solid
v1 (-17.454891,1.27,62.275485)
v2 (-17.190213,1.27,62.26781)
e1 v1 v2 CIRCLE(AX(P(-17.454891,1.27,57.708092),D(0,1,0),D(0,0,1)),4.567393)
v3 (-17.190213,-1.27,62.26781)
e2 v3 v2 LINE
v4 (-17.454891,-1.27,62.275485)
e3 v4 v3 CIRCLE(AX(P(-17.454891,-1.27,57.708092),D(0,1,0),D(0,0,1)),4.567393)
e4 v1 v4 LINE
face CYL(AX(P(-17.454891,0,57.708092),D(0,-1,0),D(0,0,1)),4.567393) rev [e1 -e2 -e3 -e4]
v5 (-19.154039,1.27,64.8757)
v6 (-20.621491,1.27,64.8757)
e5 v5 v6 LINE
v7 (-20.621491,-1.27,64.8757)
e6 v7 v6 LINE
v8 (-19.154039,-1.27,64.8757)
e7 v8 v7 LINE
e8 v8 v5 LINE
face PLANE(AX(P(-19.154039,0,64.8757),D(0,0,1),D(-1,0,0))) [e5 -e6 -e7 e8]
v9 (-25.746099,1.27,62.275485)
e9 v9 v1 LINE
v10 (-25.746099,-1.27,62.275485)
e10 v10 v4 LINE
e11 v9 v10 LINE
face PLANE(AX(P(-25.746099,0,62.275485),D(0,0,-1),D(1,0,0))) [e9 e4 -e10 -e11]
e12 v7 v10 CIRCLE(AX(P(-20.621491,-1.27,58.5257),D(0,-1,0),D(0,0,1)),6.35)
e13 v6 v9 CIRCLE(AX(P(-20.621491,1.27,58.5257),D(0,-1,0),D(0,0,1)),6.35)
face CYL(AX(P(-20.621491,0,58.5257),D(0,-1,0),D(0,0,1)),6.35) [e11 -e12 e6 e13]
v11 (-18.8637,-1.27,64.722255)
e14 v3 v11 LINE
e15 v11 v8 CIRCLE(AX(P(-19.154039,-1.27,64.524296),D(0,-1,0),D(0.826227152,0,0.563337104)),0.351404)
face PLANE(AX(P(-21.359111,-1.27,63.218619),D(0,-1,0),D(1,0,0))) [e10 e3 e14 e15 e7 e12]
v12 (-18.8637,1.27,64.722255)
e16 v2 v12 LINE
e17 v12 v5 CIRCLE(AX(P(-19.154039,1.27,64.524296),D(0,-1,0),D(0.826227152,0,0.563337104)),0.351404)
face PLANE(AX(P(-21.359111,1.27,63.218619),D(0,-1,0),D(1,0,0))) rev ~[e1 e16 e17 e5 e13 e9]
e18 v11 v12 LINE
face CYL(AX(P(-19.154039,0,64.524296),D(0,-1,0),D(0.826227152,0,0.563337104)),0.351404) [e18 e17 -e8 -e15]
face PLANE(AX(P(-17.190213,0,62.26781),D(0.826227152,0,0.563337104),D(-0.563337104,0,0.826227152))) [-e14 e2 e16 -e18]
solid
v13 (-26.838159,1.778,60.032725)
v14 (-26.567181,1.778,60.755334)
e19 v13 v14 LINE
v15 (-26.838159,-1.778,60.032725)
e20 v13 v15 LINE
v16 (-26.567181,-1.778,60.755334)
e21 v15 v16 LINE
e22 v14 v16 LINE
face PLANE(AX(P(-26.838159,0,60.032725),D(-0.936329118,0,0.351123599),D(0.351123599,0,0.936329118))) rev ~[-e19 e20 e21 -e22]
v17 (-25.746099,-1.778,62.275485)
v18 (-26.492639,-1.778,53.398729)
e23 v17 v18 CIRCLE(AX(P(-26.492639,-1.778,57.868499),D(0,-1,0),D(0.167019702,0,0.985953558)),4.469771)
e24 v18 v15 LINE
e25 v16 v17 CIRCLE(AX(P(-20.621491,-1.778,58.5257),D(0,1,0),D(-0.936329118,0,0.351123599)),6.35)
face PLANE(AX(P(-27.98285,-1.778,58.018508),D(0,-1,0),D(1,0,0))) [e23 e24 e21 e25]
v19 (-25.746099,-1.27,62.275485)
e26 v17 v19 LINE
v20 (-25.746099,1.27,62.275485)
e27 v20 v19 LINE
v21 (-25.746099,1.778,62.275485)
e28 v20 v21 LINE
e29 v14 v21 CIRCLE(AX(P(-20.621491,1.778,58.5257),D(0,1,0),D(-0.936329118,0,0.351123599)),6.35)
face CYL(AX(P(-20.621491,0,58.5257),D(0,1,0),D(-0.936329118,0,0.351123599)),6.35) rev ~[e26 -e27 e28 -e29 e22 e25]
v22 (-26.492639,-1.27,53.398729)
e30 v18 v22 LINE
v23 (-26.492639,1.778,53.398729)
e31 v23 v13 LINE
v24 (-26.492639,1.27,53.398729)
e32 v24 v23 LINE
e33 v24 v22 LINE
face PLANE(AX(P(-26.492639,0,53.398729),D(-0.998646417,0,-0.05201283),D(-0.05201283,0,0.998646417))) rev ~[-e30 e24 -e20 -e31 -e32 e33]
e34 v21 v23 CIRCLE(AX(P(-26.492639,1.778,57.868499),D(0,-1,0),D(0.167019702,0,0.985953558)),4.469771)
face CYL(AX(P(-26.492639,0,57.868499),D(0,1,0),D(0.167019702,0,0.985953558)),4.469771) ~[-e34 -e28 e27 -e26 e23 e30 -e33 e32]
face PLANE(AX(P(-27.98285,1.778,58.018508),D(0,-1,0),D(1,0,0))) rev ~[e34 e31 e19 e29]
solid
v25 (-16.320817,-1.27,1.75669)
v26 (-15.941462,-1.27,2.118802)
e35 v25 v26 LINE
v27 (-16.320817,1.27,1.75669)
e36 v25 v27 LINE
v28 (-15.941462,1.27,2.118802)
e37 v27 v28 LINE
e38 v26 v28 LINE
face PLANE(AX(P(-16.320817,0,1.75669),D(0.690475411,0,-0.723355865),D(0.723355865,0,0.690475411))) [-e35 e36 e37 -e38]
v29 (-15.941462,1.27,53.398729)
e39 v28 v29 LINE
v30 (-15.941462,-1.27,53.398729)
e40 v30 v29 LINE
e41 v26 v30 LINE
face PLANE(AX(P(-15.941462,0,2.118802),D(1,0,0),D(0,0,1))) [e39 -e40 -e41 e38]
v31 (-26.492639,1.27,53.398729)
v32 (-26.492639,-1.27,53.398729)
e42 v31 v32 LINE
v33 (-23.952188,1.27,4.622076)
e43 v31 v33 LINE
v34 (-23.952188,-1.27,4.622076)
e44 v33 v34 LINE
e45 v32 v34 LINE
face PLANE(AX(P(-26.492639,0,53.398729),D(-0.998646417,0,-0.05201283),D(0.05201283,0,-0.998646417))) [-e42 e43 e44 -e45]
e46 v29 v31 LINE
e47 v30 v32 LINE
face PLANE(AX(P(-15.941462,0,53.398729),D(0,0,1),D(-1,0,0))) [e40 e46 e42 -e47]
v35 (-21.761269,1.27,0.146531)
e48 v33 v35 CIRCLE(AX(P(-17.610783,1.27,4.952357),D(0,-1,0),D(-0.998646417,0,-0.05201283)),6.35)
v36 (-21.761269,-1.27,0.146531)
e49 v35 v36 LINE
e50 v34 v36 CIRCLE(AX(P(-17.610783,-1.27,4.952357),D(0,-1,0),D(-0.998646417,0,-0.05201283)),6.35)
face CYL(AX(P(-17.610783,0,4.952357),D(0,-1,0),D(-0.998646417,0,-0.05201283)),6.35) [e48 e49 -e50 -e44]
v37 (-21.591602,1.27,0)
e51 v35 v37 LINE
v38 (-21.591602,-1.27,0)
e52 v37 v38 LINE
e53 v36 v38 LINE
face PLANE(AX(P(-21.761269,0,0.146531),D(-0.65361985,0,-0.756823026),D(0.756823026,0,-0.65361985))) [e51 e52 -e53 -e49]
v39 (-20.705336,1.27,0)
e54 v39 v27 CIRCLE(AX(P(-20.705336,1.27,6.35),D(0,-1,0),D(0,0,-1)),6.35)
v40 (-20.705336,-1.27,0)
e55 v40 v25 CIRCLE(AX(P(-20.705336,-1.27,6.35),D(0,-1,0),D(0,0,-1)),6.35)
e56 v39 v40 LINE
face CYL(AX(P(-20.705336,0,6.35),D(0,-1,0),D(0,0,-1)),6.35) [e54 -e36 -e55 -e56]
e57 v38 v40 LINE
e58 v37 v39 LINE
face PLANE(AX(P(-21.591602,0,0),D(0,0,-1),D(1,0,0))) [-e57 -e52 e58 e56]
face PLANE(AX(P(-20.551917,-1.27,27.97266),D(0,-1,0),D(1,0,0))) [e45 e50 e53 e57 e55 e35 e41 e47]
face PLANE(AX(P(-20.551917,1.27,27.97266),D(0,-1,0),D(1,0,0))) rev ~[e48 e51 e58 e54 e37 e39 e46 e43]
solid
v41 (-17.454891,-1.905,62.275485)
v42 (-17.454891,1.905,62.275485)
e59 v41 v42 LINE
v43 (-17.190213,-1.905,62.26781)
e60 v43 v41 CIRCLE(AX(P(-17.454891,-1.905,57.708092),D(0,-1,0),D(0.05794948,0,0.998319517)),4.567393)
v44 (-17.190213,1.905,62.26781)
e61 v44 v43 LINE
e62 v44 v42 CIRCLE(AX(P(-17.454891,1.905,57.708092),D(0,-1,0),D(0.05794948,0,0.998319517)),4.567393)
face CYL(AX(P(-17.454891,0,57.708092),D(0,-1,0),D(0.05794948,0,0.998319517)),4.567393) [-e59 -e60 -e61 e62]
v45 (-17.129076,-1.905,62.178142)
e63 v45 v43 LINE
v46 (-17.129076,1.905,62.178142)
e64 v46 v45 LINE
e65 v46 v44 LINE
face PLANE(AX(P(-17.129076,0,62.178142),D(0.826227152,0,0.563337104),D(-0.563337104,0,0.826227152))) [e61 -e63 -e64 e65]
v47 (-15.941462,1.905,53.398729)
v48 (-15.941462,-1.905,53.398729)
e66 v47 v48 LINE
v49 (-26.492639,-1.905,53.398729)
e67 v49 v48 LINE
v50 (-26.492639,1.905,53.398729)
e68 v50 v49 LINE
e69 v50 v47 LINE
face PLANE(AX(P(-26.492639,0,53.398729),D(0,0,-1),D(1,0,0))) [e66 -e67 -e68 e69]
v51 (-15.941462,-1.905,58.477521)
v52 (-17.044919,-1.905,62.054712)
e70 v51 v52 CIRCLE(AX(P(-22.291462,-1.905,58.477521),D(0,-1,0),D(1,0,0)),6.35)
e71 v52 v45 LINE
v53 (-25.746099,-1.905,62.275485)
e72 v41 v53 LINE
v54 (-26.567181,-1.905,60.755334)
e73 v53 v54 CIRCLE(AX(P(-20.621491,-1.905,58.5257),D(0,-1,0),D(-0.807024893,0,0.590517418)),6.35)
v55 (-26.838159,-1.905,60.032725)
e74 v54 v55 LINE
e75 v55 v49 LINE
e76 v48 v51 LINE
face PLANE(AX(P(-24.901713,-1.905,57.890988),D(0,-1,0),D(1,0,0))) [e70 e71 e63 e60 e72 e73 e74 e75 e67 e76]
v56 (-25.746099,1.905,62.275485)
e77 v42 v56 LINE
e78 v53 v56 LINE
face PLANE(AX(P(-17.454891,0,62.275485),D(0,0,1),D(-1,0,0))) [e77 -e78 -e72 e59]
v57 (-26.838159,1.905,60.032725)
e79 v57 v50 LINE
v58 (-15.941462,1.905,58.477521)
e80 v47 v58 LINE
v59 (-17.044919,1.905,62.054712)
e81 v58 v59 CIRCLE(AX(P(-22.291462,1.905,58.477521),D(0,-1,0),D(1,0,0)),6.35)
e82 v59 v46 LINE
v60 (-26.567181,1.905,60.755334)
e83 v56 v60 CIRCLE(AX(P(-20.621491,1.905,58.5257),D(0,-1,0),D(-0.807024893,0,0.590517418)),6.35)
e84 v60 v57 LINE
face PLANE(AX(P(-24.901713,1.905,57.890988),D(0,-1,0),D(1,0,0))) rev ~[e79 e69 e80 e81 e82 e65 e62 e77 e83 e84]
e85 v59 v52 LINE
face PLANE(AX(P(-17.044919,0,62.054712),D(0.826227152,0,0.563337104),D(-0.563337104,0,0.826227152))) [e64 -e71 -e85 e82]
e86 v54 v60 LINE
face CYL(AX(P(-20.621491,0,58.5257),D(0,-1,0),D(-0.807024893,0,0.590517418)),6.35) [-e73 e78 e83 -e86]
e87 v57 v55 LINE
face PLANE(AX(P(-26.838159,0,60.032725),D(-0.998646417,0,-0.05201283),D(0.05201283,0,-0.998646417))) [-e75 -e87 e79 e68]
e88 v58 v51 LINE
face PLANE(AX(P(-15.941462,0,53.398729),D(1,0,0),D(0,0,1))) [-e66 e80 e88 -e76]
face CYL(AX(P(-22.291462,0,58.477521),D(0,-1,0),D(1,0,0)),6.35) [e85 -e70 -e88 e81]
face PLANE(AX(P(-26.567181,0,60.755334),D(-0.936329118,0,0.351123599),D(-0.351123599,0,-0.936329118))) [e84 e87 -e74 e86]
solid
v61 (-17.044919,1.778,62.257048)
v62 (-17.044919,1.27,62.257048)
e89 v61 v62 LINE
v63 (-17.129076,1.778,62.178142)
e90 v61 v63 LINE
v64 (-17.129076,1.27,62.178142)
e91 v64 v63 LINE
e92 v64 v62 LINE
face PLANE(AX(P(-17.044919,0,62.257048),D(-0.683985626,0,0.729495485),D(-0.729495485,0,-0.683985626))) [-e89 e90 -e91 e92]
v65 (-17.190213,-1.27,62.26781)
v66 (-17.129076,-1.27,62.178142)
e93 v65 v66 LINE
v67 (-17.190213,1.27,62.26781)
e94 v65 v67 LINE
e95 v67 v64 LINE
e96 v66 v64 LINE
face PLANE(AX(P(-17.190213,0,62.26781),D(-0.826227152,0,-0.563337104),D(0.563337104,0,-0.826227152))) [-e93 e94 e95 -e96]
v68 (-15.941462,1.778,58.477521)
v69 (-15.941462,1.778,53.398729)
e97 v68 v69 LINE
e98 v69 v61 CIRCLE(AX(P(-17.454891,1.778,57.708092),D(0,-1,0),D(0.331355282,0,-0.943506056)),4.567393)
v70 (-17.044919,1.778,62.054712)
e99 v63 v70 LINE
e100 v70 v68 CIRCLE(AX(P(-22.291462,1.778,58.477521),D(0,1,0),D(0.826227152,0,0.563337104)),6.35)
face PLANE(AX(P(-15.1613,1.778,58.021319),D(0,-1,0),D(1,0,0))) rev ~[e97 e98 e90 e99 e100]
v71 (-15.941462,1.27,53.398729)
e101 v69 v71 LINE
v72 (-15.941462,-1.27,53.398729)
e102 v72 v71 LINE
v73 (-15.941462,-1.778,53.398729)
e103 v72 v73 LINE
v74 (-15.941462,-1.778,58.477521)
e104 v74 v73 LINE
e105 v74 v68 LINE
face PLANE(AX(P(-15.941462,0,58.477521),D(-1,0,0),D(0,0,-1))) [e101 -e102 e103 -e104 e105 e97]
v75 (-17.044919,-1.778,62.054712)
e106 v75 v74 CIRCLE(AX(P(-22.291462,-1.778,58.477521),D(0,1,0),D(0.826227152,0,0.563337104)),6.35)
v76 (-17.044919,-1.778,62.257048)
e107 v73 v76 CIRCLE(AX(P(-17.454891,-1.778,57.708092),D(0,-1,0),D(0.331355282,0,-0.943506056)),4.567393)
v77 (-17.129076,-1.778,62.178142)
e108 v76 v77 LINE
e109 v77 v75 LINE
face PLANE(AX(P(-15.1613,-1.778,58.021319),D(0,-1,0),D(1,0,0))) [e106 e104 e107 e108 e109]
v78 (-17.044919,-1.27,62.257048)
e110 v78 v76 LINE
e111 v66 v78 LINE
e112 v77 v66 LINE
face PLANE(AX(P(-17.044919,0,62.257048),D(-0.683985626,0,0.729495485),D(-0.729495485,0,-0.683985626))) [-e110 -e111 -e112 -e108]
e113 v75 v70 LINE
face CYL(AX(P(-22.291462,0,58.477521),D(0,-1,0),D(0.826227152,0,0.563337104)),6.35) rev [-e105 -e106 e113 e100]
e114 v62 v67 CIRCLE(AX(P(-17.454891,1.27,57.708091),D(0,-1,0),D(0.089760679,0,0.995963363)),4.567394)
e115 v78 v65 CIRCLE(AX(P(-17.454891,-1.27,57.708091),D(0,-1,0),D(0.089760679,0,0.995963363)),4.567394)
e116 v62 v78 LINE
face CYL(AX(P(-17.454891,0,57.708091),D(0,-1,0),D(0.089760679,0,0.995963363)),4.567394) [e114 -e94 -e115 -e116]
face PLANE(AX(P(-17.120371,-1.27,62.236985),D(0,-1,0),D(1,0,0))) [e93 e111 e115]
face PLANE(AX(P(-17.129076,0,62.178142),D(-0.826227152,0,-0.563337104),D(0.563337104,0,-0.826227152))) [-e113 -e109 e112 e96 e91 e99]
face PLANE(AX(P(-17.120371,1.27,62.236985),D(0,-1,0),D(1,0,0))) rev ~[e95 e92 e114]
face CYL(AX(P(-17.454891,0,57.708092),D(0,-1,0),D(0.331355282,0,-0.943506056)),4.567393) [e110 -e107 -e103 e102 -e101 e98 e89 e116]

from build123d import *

# Parameters (mm, degrees)
F1_DEPTH = 1.27
F2_DEPTH = 1.778
F3_DEPTH = 1.905


with BuildPart() as f1:
    # F0 (on Front) → F1 (new body, symmetric)
    with BuildSketch(Plane.XZ):
        with BuildLine():
            Line((-17.1290759672, 62.1781415984), (-17.0449191323, 62.2570482765))
            ThreePointArc((-17.0449191323, 62.2570482765), (-17.1175233509, 62.2630083848), (-17.1902133933, 62.2678097582))
            Line((-17.1902133933, 62.2678097582), (-17.1290759672, 62.1781415984))
        make_face()
    extrude(amount=F1_DEPTH, both=True)



with BuildPart() as f1b:
    # F0 (on Front) → F1, piece 2 (new body, symmetric)
    with BuildSketch(Plane.XZ):
        with BuildLine():
            Line((-15.9414615482, 53.3987285048), (-26.4926385512, 53.3987285048))
            Line((-26.4926385512, 53.3987285048), (-23.9521881142, 4.6220757771))
            ThreePointArc((-23.9521881142, 4.6220757771), (-23.3140778798, 2.1604167523), (-21.7612694137, 0.1465310323))
            Line((-21.7612694137, 0.1465310323), (-21.5916018933, 0))
            Line((-21.5916018933, 0), (-20.7053358443, 0))
            ThreePointArc((-20.7053358443, 0), (-18.3436644921, 0.4555103339), (-16.3208169843, 1.7566902602))
            Line((-16.3208169843, 1.7566902602), (-15.9414615482, 2.1188019309))
            Line((-15.9414615482, 2.1188019309), (-15.9414615482, 53.3987285048))
        make_face()
    extrude(amount=F1_DEPTH, both=True)


with BuildPart() as f1c:
    # F0 (on Front) → F1, piece 3 (new body, symmetric)
    with BuildSketch(Plane.XZ):
        with BuildLine():
            ThreePointArc((-20.6214907347, 64.8756995797), (-23.4947607709, 64.1884567968), (-25.7460988084, 62.2754851857))
            Line((-25.7460988084, 62.2754851857), (-17.4548914656, 62.2754851857))
            ThreePointArc((-17.4548914656, 62.2754851857), (-17.322496796, 62.2735659256), (-17.1902133933, 62.2678097582))
            Line((-17.1902133933, 62.2678097582), (-18.8636997039, 64.722254562))
            ThreePointArc((-18.8636997039, 64.722254562), (-18.989842312, 64.834978978), (-19.1540390967, 64.8756995797))
            Line((-19.1540390967, 64.8756995797), (-20.6214907347, 64.8756995797))
        make_face()
    extrude(amount=F1_DEPTH, both=True)


with BuildPart() as f1_1:
    add(f1.part)

    add(f1b.part)  # F2 merges F1b

    add(f1c.part)  # F2 merges F1c
    # F0 (on Front) → F2 (join, symmetric)
    with BuildSketch(Plane.XZ):
        with BuildLine():
            Line((-26.4926385512, 53.3987285048), (-26.8381591886, 60.0327253342))
            Line((-26.8381591886, 60.0327253342), (-26.5671806364, 60.7553344362))
            ThreePointArc((-26.5671806364, 60.7553344362), (-26.2085820076, 61.5434654933), (-25.7460988084, 62.2754851857))
            ThreePointArc((-25.7460988084, 62.2754851857), (-30.946685328, 58.2430866257), (-26.4926385512, 53.3987285048))
        make_face()
        with BuildLine():
            Line((-15.9414615482, 58.4775210511), (-15.9414615482, 53.3987285048))
            ThreePointArc((-15.9414615482, 53.3987285048), (-12.9225271434, 58.2726765092), (-17.0449191323, 62.2570482765))
            Line((-17.0449191323, 62.2570482765), (-17.1290759672, 62.1781415984))
            Line((-17.1290759672, 62.1781415984), (-17.0449191323, 62.0547116635))
            ThreePointArc((-17.0449191323, 62.0547116635), (-16.2235935395, 60.3492790027), (-15.9414615482, 58.4775210511))
        make_face()
    extrude(amount=F2_DEPTH, both=True)


with BuildPart() as f3:
    # F0 (on Front) → F3 (new body, symmetric)
    with BuildSketch(Plane.XZ):
        with BuildLine():
            Line((-26.5671806364, 60.7553344362), (-26.8381591886, 60.0327253342))
            Line((-26.8381591886, 60.0327253342), (-26.4926385512, 53.3987285048))
            Line((-26.4926385512, 53.3987285048), (-21.3093711658, 58.2586357401))
            Line((-21.3093711658, 58.2586357401), (-25.7460988084, 62.2754851857))
            ThreePointArc((-25.7460988084, 62.2754851857), (-26.2085820076, 61.5434654933), (-26.5671806364, 60.7553344362))
        make_face()
        with BuildLine():
            Line((-17.4548914656, 62.2754851857), (-25.7460988084, 62.2754851857))
            Line((-25.7460988084, 62.2754851857), (-21.3093711658, 58.2586357401))
            Line((-21.3093711658, 58.2586357401), (-17.1290759672, 62.1781415984))
            Line((-17.1290759672, 62.1781415984), (-17.1902133933, 62.2678097582))
            ThreePointArc((-17.1902133933, 62.2678097582), (-17.322496796, 62.2735659256), (-17.4548914656, 62.2754851857))
        make_face()
        Polygon((-21.3093711658, 58.2586357401), (-26.4926385512, 53.3987285048), (-15.9414615482, 53.3987285048), align=None)
        with BuildLine():
            Line((-21.3093711658, 58.2586357401), (-15.9414615482, 53.3987285048))
            Line((-15.9414615482, 53.3987285048), (-15.9414615482, 58.4775210511))
            ThreePointArc((-15.9414615482, 58.4775210511), (-16.2235935395, 60.3492790027), (-17.0449191323, 62.0547116635))
            Line((-17.0449191323, 62.0547116635), (-17.1290759672, 62.1781415984))
            Line((-17.1290759672, 62.1781415984), (-21.3093711658, 58.2586357401))
        make_face()
    extrude(amount=F3_DEPTH, both=True)


solid = Compound([f1_1.part, f3.part])
